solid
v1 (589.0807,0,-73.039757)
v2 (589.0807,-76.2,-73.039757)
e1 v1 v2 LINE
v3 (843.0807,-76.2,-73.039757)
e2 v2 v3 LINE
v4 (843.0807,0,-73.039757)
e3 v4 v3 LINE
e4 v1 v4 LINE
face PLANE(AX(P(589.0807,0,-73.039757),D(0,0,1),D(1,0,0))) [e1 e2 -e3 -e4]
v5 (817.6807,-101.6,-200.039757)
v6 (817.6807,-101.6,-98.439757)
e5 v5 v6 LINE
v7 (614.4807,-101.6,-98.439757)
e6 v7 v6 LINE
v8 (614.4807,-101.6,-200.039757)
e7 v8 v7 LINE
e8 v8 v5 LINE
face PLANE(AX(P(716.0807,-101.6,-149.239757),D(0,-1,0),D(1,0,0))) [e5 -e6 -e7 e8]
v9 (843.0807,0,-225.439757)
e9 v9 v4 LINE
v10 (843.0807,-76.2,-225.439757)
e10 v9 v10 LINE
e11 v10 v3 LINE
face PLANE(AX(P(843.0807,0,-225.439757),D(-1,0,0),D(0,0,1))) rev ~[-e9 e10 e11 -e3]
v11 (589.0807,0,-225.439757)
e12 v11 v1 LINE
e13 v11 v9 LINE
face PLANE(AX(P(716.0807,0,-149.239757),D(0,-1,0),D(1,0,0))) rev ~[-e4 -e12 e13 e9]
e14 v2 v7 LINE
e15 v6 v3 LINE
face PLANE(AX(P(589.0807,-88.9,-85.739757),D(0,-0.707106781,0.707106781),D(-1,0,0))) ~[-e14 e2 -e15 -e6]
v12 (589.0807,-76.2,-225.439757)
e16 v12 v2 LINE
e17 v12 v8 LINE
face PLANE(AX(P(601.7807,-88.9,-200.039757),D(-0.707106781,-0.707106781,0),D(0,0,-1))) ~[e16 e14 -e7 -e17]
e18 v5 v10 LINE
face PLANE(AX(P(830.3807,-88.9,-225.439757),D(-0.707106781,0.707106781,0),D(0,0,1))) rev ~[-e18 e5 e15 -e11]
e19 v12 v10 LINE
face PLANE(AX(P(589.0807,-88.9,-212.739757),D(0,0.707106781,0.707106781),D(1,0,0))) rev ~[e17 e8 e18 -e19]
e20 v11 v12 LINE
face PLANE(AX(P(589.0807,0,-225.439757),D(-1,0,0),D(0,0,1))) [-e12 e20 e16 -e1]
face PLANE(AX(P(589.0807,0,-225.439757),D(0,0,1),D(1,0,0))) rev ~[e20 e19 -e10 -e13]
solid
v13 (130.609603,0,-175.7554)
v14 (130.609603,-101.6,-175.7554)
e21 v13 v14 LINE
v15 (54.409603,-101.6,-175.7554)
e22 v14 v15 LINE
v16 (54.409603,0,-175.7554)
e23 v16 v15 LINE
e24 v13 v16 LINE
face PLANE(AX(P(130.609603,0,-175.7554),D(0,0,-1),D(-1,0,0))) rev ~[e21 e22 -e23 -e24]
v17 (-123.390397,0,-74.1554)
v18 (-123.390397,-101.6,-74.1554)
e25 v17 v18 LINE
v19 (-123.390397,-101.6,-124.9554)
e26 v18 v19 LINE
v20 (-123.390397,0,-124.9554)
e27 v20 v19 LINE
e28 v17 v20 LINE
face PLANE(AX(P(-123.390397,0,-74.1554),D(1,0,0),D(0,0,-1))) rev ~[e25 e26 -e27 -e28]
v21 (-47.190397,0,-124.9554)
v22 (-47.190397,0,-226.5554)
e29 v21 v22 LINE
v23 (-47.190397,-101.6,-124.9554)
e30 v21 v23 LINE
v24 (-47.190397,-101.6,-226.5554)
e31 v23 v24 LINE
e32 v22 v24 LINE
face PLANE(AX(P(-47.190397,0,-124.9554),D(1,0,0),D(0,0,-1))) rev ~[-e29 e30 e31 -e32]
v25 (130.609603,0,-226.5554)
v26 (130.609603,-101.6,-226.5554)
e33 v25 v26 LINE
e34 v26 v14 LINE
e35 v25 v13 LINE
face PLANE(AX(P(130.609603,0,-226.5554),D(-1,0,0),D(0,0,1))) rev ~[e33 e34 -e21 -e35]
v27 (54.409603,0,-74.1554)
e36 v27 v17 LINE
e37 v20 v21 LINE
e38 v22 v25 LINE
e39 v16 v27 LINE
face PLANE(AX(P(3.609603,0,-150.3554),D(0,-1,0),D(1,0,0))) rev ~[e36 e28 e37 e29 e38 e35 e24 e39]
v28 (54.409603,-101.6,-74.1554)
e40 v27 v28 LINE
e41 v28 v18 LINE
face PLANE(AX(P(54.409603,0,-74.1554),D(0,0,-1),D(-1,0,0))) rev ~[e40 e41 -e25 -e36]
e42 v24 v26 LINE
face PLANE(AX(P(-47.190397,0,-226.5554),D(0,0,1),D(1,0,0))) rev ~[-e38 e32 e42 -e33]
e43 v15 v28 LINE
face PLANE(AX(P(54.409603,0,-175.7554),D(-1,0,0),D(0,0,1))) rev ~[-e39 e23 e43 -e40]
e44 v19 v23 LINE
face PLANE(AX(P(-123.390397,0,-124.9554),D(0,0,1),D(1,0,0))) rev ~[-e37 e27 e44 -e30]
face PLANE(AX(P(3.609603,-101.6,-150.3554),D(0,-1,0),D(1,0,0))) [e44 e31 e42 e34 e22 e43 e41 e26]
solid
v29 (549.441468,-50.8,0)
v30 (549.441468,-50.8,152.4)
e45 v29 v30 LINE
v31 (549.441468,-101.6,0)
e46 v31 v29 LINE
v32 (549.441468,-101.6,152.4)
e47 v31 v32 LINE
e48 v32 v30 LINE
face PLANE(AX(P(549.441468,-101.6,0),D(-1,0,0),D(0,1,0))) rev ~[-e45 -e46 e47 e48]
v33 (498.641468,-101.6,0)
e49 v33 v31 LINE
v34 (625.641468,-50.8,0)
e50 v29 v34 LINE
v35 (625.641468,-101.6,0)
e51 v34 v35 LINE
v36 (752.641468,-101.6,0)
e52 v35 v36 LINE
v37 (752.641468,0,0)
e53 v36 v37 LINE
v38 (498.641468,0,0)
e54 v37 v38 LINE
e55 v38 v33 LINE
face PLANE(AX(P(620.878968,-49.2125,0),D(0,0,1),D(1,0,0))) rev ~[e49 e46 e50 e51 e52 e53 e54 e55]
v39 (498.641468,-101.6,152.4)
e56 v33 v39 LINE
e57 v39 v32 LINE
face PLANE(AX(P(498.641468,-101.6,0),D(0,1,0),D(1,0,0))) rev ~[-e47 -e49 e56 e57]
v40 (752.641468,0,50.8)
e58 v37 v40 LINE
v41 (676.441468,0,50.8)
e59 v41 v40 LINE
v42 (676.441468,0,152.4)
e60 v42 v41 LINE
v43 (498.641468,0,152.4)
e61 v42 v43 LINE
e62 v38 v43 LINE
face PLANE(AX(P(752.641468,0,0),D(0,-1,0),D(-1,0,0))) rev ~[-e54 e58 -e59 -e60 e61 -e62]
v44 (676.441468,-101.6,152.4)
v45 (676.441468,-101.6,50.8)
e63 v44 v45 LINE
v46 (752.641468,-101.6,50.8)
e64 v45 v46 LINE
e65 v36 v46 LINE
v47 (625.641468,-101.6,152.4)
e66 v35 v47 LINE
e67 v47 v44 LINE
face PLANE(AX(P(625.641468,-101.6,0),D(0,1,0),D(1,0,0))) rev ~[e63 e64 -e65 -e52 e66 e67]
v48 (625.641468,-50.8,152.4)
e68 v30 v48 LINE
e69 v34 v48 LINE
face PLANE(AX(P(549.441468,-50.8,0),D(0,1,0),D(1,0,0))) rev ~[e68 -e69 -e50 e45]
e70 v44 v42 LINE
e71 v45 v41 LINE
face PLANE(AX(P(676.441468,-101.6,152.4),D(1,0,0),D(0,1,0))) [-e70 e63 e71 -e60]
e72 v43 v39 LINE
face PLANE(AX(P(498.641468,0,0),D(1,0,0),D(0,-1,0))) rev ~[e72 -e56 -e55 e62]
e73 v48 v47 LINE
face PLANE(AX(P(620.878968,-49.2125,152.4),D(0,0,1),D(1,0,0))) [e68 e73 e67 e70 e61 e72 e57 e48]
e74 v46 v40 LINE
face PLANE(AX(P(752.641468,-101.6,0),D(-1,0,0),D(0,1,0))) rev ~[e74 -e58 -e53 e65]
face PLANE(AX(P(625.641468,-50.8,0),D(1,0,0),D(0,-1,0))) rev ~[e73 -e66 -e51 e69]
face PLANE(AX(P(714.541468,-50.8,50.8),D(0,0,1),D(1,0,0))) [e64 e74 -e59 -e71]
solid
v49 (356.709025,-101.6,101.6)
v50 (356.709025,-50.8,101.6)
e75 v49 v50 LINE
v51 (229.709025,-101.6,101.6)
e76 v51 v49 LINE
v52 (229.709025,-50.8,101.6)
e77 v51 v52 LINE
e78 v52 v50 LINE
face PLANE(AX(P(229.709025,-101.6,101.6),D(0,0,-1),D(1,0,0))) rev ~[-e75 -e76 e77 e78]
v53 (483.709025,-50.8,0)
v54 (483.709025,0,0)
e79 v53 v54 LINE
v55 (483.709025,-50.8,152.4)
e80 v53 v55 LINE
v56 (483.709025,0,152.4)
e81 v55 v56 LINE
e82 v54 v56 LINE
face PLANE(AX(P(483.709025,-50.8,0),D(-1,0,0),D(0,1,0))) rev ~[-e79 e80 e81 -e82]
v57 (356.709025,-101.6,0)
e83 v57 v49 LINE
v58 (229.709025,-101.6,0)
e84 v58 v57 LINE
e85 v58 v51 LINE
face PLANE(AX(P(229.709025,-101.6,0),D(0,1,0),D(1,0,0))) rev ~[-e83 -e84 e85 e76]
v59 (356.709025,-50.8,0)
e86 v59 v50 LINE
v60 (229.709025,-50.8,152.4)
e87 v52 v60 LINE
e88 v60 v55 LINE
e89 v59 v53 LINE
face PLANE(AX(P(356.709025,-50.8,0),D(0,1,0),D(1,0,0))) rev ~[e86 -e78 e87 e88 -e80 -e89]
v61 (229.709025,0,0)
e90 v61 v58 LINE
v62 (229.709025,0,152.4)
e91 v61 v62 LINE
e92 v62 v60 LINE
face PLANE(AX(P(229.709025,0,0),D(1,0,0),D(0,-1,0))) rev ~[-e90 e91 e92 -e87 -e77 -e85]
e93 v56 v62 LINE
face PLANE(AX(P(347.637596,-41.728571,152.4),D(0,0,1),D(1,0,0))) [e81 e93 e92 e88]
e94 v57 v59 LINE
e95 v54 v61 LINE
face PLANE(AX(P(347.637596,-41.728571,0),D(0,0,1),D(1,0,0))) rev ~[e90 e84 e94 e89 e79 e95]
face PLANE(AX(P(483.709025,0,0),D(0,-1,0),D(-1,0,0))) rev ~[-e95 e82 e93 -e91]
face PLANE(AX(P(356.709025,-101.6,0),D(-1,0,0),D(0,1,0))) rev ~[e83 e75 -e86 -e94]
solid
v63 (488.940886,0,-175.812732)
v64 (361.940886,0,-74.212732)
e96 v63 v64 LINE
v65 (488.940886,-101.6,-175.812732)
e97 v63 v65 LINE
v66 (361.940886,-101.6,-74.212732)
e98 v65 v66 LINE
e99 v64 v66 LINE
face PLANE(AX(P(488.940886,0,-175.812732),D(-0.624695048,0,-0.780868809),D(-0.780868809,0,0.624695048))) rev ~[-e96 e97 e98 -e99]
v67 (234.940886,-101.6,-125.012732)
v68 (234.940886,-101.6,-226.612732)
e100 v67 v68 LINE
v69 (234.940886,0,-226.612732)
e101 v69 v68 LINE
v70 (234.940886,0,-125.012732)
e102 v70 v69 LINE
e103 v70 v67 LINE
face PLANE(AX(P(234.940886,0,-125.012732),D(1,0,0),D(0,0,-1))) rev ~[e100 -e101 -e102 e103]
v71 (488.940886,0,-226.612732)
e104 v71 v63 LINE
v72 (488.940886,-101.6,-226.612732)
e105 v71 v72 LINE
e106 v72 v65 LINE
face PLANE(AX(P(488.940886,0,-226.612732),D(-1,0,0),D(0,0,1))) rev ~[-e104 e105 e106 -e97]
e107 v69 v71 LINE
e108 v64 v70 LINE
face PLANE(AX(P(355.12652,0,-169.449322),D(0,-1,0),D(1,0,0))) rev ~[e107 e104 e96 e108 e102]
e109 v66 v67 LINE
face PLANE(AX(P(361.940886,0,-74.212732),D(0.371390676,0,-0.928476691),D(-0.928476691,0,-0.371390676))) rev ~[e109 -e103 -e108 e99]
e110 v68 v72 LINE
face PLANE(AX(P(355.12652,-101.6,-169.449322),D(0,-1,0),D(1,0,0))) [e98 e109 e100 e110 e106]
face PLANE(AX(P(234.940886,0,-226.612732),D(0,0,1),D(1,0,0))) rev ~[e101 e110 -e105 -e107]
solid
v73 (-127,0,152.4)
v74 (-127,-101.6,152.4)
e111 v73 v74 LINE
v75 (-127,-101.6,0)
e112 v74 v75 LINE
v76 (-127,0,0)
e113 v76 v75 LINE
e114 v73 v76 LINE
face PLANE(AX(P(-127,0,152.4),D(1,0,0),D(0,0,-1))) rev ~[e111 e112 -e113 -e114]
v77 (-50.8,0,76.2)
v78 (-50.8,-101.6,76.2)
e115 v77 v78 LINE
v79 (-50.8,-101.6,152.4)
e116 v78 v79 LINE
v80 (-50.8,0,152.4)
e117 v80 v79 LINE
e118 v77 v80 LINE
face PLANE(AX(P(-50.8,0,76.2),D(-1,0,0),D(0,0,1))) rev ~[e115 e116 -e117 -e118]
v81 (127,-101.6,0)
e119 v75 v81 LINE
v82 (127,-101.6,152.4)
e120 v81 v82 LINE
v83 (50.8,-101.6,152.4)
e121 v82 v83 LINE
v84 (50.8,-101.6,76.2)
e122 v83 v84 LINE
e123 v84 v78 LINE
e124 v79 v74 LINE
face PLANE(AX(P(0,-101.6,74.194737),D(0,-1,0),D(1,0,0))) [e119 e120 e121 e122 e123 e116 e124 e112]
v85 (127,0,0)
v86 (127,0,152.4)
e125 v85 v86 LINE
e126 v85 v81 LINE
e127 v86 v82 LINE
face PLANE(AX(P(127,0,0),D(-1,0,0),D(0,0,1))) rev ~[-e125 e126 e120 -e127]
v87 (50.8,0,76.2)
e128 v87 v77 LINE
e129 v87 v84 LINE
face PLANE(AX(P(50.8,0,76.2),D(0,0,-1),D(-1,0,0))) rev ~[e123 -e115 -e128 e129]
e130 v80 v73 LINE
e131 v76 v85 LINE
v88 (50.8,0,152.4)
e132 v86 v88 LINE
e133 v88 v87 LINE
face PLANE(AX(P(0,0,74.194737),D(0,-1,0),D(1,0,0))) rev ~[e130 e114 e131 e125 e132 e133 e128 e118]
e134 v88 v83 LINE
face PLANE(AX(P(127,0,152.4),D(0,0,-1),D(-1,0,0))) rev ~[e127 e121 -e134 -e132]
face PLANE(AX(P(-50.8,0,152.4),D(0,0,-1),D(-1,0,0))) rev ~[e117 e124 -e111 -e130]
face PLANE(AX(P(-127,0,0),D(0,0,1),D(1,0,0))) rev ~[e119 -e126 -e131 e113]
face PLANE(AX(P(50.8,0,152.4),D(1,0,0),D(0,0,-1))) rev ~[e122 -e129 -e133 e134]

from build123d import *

# Parameters (mm, degrees)
F1_DEPTH  = 101.6
F3_DEPTH  = 152.4
F4_W      = 127
F4_H      = 50.8
F5_DEPTH  = 50.8
F7_DEPTH  = 152.4
F8_W      = 76.2
F8_H      = 101.6
F9_DEPTH  = 101.6
F11_DEPTH = 101.6
F13_DEPTH = 101.6
F14_W     = 254
F14_H     = 152.4
F15_DEPTH = 101.6
F16_SIZE  = 25.4
F17_SIZE  = 25.4
F18_SIZE  = 25.4


with BuildPart() as f1:
    # F0 (on Front) → F1 (new body)
    with BuildSketch(Plane.XZ):
        Polygon((-127, 0), (0, 0), (127, 0), (127, 152.4), (50.8, 152.4), (50.8, 76.2), (-50.8, 76.2), (-50.8, 152.4), (-127, 152.4), align=None)
    extrude(amount=F1_DEPTH)


with BuildPart() as f3:
    # F2 (on Top) → F3 (new body)
    with BuildSketch(Plane.XY):
        Polygon((483.709025, 0), (229.709025, 0), (229.709025, -101.6), (356.709025, -101.6), (356.709025, -50.8), (483.709025, -50.8), align=None)
    extrude(amount=F3_DEPTH)

    # F4 (on face) → F5 (cut)
    with BuildSketch(Plane.XZ.offset(101.6)):
        with Locations((293.209025, 127)):
            Rectangle(F4_W, F4_H)
    extrude(amount=-F5_DEPTH, mode=Mode.SUBTRACT)


with BuildPart() as f7:
    # F6 (on Top) → F7 (new body)
    with BuildSketch(Plane.XY):
        Polygon((498.641468, 0), (498.641468, -101.6), (549.441468, -101.6), (549.441468, -50.8), (625.641468, -50.8), (625.641468, -101.6), (752.641468, -101.6), (752.641468, 0), align=None)
    extrude(amount=F7_DEPTH)

    # F8 (on face) → F9 (cut)
    with BuildSketch(Plane.XY.offset(152.4)):
        with Locations((714.541468, -50.8)):
            Rectangle(F8_W, F8_H)
    extrude(amount=-F9_DEPTH, mode=Mode.SUBTRACT)


with BuildPart() as f11:
    # F10 (on Front) → F11 (new body)
    with BuildSketch(Plane.XZ):
        Polygon((54.409603, -74.1554), (-123.390397, -74.1554), (-123.390397, -124.9554), (-47.190397, -124.9554), (-47.190397, -226.5554), (130.609603, -226.5554), (130.609603, -175.7554), (54.409603, -175.7554), align=None)
    extrude(amount=F11_DEPTH)


with BuildPart() as f13:
    # F12 (on Front) → F13 (new body)
    with BuildSketch(Plane.XZ):
        Polygon((234.940886, -125.012732), (234.940886, -226.612732), (361.940886, -226.612732), (488.940886, -226.612732), (488.940886, -175.812732), (361.940886, -74.212732), align=None)
    extrude(amount=F13_DEPTH)


with BuildPart() as f15:
    # F14 (on Front) → F15 (new body)
    with BuildSketch(Plane.XZ):
        with Locations((716.0807, -149.239757)):
            Rectangle(F14_W, F14_H)
    extrude(amount=F15_DEPTH)

    # F16
    f16_edges = [f15.edges().sort_by_distance(p)[0] for p in [
        (716.0807, -101.6, -73.039757),
    ]]
    chamfer(f16_edges, length=F16_SIZE)

    # F17
    f17_edges = [f15.edges().sort_by_distance(p)[0] for p in [
        (843.0807, -101.6, -161.939757),
        (716.0807, -101.6, -225.439757),
    ]]
    chamfer(f17_edges, length=F17_SIZE)

    # F18
    f18_edges = [f15.edges().sort_by_distance(p)[0] for p in [
        (589.0807, -101.6, -149.239757),
    ]]
    chamfer(f18_edges, length=F18_SIZE)


solid = Compound([f1.part, f3.part, f7.part, f11.part, f13.part, f15.part])
